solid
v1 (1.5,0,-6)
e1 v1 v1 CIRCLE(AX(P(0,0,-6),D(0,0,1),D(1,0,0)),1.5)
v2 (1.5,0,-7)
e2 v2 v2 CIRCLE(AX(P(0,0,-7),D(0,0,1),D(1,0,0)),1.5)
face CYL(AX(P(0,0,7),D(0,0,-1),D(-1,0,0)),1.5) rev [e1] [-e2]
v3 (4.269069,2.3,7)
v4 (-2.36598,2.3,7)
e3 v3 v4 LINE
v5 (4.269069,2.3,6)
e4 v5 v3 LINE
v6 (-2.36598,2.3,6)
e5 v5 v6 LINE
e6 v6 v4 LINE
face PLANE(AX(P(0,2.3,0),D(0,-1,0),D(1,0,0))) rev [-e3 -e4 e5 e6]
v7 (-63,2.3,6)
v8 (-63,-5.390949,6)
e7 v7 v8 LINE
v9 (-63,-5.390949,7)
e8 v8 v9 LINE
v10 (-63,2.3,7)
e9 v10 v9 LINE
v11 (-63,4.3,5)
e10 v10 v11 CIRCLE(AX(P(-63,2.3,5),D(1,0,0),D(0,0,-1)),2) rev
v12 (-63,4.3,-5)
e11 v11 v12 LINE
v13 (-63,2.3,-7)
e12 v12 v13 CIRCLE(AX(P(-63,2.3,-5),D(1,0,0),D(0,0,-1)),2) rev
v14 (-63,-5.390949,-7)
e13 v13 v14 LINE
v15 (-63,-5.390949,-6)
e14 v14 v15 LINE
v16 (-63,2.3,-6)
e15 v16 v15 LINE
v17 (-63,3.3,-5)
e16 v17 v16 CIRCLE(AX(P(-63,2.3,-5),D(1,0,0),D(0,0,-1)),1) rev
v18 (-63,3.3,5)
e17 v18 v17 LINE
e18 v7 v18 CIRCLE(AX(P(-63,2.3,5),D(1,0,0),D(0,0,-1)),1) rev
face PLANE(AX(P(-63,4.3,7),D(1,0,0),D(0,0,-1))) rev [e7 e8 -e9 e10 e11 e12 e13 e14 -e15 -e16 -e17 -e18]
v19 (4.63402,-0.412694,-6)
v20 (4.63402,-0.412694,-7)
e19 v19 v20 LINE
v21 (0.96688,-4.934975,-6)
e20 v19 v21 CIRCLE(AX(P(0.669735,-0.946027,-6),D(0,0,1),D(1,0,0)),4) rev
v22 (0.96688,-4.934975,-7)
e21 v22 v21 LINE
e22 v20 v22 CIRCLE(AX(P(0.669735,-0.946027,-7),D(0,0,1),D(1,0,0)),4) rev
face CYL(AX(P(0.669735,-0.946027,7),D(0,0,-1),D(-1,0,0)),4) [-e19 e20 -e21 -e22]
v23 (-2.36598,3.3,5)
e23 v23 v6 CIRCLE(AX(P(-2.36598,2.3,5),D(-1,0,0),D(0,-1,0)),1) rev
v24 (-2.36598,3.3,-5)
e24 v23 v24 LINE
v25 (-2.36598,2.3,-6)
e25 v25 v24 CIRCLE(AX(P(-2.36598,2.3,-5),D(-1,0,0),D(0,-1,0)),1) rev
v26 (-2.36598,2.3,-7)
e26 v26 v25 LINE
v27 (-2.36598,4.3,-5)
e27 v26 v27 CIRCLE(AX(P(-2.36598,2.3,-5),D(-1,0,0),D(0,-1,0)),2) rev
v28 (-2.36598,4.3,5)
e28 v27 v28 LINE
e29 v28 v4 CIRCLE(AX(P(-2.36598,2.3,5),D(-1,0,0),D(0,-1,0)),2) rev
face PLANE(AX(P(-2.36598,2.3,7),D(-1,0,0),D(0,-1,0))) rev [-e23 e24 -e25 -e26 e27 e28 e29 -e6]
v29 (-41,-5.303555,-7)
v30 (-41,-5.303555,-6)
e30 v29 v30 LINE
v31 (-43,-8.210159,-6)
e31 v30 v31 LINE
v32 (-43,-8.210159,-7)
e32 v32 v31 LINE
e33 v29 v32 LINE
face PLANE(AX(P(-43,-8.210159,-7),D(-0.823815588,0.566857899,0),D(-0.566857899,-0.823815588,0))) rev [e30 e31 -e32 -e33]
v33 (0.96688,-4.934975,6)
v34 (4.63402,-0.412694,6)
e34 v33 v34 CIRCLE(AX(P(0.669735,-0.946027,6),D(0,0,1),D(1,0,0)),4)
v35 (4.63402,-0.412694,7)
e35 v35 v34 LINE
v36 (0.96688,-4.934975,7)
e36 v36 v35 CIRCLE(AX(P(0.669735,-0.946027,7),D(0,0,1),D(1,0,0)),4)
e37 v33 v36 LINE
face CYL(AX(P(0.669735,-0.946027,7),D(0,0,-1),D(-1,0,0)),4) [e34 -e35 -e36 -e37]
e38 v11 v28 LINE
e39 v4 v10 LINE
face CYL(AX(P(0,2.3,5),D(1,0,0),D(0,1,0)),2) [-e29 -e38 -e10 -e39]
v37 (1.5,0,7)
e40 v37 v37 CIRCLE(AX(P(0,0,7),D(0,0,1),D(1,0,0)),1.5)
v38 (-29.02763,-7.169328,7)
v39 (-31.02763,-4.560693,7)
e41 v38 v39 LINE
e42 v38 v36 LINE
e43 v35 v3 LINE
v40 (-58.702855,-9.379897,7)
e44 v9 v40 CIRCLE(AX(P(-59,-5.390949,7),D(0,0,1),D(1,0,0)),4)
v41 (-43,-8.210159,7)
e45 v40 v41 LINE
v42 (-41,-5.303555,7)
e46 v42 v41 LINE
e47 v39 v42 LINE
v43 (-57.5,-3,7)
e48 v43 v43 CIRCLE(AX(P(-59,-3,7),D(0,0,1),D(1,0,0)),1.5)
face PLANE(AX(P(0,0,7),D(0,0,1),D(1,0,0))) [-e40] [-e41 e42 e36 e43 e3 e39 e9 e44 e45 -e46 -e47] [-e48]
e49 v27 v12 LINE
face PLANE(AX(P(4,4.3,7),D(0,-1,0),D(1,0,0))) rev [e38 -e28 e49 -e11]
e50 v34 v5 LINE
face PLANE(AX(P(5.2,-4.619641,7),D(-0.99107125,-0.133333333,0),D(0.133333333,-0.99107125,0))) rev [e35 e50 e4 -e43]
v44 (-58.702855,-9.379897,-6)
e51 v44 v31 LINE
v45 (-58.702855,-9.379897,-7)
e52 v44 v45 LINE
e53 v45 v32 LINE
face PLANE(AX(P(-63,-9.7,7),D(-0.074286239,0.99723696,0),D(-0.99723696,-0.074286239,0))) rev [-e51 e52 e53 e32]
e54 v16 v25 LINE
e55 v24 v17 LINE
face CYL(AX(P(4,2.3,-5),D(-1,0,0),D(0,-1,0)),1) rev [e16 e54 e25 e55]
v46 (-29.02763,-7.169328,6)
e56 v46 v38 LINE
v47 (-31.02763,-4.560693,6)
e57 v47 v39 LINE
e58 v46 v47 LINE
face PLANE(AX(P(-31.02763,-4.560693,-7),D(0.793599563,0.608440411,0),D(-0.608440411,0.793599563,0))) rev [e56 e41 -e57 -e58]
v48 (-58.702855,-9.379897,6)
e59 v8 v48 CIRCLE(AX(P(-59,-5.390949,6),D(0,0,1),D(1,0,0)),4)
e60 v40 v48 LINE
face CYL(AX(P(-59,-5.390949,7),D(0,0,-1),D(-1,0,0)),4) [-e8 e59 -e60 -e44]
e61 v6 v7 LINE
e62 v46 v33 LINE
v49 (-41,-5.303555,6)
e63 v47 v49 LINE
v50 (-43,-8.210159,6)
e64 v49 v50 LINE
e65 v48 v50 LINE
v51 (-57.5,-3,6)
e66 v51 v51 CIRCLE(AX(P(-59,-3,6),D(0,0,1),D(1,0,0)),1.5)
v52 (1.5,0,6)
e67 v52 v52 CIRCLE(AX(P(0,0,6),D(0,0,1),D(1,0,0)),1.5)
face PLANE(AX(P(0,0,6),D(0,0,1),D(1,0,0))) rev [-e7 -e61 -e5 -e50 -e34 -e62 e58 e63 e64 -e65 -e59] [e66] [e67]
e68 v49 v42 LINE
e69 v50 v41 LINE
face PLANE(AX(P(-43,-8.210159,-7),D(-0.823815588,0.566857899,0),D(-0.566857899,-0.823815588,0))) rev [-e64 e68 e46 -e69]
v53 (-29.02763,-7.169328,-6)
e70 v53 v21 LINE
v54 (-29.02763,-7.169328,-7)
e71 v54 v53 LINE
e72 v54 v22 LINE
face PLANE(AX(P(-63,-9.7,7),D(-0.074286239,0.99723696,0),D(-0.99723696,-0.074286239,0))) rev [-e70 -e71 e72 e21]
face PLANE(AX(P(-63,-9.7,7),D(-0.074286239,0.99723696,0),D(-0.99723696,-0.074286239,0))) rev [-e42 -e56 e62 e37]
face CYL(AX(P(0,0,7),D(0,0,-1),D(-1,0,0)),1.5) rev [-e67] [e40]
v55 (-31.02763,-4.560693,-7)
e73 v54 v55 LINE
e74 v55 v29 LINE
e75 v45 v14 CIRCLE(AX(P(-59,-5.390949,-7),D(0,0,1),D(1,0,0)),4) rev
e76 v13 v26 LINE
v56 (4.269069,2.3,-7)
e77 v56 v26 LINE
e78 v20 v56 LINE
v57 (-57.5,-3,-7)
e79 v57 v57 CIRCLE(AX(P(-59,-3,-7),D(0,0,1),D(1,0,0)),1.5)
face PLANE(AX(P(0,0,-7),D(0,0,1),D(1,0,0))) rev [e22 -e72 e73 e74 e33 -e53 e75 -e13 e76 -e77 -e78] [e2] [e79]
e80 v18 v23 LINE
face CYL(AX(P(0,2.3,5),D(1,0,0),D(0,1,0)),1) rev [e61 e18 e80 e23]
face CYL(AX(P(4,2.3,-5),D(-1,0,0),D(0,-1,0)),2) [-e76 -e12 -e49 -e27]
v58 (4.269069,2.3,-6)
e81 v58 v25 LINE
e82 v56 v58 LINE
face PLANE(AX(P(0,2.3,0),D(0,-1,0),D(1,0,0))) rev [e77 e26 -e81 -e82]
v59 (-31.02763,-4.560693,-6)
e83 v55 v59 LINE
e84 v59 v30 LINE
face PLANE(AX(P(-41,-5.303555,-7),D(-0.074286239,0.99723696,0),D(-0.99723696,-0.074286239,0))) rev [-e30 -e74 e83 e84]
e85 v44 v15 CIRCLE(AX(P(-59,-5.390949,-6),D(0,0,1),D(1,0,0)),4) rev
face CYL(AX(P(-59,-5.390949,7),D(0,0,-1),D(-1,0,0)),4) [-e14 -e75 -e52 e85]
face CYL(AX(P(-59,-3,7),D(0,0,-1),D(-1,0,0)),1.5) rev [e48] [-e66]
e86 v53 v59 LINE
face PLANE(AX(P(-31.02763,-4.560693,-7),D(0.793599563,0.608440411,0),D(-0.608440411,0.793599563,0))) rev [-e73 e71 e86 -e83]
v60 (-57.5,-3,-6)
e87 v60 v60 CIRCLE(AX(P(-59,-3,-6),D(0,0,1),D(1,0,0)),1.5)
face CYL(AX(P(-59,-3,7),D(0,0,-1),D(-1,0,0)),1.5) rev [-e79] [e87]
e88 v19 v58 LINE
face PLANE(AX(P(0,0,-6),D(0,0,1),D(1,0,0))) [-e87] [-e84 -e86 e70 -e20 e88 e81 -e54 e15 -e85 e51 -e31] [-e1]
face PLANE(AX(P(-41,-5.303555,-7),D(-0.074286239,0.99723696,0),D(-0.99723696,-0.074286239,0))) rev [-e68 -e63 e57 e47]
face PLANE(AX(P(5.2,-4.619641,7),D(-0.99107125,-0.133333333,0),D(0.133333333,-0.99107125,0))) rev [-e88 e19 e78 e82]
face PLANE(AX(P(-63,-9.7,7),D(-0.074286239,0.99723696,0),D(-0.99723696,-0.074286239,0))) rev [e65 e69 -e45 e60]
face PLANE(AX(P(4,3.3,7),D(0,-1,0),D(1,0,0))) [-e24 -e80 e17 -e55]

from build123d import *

# Parameters (mm, degrees)
SKETCH1_R               = 1.5
BOSS_EXTRUDE1_DEPTH     = 7
FILLET1_R               = 2
FILLET2_R               = 4
SHELL1_T                = -1
CUT_EXTRUDE1_DEPTH      = 65.079559318
CUT_EXTRUDE1_DEPTH_BACK = 65.079559318
SKETCH3_W               = 7
SKETCH3_H               = 14
CUT_EXTRUDE2_DEPTH      = 2


with BuildPart() as part:
    # Sketch1 → Boss-Extrude1 (new, symmetric)
    with BuildSketch(Plane.XY):
        Polygon((4, 4.3), (-63, 4.3), (-63, -9.7), (5.2, -4.619641248), align=None)
        Circle(SKETCH1_R, mode=Mode.SUBTRACT)
        with Locations((-59, -3)):
            Circle(SKETCH1_R, mode=Mode.SUBTRACT)
    extrude(amount=BOSS_EXTRUDE1_DEPTH, both=True)

    # Fillet1
    fillet1_edges = [part.edges().sort_by_distance(p)[0] for p in [
        (-29.5, 4.3, 7),
        (-29.5, 4.3, -7),
    ]]
    fillet(fillet1_edges, radius=FILLET1_R)

    # Fillet2
    fillet2_edges = [part.edges().sort_by_distance(p)[0] for p in [
        (-63, -9.7, 0),
        (5.2, -4.619641248, 0),
    ]]
    fillet(fillet2_edges, radius=FILLET2_R)

    # Shell1
    shell1_openings = [part.faces().sort_by_distance(p)[0] for p in [
        (-60.5, -3, 0),
        (-1.5, 0, 0),
        (-61.721343434, -8.3225509, 0),
        (3.776615154, -3.465411477, 0),
        (-63, -0.601849653, 0),
        (4.323873752, 1.892635268, 0),
        (-28.867987445, -7.157435943, 0),
    ]]
    offset(amount=SHELL1_T, openings=shell1_openings, kind=Kind.INTERSECTION)

    # Sketch2 → Cut-Extrude1 (cut, two sides: drawn at the far end of the back side and taken through both)
    with BuildSketch(Plane.XY.offset(-CUT_EXTRUDE1_DEPTH_BACK)):
        Polygon((-43, -8.210158724), (-41, -5.303555184), (-31.027630399, -4.560692791), (-29.027630399, -7.169328076), align=None)
    extrude(amount=CUT_EXTRUDE1_DEPTH + CUT_EXTRUDE1_DEPTH_BACK, mode=Mode.SUBTRACT)

    # Sketch3 → Cut-Extrude2 (cut)
    with BuildSketch(Plane(origin=(0, 4.3, 0), x_dir=(1, 0, 0), z_dir=(0, 1, 0))):
        with Locations((1.134020196, 0)):
            Rectangle(SKETCH3_W, SKETCH3_H)
    extrude(amount=-CUT_EXTRUDE2_DEPTH, mode=Mode.SUBTRACT)


solid = part.part
